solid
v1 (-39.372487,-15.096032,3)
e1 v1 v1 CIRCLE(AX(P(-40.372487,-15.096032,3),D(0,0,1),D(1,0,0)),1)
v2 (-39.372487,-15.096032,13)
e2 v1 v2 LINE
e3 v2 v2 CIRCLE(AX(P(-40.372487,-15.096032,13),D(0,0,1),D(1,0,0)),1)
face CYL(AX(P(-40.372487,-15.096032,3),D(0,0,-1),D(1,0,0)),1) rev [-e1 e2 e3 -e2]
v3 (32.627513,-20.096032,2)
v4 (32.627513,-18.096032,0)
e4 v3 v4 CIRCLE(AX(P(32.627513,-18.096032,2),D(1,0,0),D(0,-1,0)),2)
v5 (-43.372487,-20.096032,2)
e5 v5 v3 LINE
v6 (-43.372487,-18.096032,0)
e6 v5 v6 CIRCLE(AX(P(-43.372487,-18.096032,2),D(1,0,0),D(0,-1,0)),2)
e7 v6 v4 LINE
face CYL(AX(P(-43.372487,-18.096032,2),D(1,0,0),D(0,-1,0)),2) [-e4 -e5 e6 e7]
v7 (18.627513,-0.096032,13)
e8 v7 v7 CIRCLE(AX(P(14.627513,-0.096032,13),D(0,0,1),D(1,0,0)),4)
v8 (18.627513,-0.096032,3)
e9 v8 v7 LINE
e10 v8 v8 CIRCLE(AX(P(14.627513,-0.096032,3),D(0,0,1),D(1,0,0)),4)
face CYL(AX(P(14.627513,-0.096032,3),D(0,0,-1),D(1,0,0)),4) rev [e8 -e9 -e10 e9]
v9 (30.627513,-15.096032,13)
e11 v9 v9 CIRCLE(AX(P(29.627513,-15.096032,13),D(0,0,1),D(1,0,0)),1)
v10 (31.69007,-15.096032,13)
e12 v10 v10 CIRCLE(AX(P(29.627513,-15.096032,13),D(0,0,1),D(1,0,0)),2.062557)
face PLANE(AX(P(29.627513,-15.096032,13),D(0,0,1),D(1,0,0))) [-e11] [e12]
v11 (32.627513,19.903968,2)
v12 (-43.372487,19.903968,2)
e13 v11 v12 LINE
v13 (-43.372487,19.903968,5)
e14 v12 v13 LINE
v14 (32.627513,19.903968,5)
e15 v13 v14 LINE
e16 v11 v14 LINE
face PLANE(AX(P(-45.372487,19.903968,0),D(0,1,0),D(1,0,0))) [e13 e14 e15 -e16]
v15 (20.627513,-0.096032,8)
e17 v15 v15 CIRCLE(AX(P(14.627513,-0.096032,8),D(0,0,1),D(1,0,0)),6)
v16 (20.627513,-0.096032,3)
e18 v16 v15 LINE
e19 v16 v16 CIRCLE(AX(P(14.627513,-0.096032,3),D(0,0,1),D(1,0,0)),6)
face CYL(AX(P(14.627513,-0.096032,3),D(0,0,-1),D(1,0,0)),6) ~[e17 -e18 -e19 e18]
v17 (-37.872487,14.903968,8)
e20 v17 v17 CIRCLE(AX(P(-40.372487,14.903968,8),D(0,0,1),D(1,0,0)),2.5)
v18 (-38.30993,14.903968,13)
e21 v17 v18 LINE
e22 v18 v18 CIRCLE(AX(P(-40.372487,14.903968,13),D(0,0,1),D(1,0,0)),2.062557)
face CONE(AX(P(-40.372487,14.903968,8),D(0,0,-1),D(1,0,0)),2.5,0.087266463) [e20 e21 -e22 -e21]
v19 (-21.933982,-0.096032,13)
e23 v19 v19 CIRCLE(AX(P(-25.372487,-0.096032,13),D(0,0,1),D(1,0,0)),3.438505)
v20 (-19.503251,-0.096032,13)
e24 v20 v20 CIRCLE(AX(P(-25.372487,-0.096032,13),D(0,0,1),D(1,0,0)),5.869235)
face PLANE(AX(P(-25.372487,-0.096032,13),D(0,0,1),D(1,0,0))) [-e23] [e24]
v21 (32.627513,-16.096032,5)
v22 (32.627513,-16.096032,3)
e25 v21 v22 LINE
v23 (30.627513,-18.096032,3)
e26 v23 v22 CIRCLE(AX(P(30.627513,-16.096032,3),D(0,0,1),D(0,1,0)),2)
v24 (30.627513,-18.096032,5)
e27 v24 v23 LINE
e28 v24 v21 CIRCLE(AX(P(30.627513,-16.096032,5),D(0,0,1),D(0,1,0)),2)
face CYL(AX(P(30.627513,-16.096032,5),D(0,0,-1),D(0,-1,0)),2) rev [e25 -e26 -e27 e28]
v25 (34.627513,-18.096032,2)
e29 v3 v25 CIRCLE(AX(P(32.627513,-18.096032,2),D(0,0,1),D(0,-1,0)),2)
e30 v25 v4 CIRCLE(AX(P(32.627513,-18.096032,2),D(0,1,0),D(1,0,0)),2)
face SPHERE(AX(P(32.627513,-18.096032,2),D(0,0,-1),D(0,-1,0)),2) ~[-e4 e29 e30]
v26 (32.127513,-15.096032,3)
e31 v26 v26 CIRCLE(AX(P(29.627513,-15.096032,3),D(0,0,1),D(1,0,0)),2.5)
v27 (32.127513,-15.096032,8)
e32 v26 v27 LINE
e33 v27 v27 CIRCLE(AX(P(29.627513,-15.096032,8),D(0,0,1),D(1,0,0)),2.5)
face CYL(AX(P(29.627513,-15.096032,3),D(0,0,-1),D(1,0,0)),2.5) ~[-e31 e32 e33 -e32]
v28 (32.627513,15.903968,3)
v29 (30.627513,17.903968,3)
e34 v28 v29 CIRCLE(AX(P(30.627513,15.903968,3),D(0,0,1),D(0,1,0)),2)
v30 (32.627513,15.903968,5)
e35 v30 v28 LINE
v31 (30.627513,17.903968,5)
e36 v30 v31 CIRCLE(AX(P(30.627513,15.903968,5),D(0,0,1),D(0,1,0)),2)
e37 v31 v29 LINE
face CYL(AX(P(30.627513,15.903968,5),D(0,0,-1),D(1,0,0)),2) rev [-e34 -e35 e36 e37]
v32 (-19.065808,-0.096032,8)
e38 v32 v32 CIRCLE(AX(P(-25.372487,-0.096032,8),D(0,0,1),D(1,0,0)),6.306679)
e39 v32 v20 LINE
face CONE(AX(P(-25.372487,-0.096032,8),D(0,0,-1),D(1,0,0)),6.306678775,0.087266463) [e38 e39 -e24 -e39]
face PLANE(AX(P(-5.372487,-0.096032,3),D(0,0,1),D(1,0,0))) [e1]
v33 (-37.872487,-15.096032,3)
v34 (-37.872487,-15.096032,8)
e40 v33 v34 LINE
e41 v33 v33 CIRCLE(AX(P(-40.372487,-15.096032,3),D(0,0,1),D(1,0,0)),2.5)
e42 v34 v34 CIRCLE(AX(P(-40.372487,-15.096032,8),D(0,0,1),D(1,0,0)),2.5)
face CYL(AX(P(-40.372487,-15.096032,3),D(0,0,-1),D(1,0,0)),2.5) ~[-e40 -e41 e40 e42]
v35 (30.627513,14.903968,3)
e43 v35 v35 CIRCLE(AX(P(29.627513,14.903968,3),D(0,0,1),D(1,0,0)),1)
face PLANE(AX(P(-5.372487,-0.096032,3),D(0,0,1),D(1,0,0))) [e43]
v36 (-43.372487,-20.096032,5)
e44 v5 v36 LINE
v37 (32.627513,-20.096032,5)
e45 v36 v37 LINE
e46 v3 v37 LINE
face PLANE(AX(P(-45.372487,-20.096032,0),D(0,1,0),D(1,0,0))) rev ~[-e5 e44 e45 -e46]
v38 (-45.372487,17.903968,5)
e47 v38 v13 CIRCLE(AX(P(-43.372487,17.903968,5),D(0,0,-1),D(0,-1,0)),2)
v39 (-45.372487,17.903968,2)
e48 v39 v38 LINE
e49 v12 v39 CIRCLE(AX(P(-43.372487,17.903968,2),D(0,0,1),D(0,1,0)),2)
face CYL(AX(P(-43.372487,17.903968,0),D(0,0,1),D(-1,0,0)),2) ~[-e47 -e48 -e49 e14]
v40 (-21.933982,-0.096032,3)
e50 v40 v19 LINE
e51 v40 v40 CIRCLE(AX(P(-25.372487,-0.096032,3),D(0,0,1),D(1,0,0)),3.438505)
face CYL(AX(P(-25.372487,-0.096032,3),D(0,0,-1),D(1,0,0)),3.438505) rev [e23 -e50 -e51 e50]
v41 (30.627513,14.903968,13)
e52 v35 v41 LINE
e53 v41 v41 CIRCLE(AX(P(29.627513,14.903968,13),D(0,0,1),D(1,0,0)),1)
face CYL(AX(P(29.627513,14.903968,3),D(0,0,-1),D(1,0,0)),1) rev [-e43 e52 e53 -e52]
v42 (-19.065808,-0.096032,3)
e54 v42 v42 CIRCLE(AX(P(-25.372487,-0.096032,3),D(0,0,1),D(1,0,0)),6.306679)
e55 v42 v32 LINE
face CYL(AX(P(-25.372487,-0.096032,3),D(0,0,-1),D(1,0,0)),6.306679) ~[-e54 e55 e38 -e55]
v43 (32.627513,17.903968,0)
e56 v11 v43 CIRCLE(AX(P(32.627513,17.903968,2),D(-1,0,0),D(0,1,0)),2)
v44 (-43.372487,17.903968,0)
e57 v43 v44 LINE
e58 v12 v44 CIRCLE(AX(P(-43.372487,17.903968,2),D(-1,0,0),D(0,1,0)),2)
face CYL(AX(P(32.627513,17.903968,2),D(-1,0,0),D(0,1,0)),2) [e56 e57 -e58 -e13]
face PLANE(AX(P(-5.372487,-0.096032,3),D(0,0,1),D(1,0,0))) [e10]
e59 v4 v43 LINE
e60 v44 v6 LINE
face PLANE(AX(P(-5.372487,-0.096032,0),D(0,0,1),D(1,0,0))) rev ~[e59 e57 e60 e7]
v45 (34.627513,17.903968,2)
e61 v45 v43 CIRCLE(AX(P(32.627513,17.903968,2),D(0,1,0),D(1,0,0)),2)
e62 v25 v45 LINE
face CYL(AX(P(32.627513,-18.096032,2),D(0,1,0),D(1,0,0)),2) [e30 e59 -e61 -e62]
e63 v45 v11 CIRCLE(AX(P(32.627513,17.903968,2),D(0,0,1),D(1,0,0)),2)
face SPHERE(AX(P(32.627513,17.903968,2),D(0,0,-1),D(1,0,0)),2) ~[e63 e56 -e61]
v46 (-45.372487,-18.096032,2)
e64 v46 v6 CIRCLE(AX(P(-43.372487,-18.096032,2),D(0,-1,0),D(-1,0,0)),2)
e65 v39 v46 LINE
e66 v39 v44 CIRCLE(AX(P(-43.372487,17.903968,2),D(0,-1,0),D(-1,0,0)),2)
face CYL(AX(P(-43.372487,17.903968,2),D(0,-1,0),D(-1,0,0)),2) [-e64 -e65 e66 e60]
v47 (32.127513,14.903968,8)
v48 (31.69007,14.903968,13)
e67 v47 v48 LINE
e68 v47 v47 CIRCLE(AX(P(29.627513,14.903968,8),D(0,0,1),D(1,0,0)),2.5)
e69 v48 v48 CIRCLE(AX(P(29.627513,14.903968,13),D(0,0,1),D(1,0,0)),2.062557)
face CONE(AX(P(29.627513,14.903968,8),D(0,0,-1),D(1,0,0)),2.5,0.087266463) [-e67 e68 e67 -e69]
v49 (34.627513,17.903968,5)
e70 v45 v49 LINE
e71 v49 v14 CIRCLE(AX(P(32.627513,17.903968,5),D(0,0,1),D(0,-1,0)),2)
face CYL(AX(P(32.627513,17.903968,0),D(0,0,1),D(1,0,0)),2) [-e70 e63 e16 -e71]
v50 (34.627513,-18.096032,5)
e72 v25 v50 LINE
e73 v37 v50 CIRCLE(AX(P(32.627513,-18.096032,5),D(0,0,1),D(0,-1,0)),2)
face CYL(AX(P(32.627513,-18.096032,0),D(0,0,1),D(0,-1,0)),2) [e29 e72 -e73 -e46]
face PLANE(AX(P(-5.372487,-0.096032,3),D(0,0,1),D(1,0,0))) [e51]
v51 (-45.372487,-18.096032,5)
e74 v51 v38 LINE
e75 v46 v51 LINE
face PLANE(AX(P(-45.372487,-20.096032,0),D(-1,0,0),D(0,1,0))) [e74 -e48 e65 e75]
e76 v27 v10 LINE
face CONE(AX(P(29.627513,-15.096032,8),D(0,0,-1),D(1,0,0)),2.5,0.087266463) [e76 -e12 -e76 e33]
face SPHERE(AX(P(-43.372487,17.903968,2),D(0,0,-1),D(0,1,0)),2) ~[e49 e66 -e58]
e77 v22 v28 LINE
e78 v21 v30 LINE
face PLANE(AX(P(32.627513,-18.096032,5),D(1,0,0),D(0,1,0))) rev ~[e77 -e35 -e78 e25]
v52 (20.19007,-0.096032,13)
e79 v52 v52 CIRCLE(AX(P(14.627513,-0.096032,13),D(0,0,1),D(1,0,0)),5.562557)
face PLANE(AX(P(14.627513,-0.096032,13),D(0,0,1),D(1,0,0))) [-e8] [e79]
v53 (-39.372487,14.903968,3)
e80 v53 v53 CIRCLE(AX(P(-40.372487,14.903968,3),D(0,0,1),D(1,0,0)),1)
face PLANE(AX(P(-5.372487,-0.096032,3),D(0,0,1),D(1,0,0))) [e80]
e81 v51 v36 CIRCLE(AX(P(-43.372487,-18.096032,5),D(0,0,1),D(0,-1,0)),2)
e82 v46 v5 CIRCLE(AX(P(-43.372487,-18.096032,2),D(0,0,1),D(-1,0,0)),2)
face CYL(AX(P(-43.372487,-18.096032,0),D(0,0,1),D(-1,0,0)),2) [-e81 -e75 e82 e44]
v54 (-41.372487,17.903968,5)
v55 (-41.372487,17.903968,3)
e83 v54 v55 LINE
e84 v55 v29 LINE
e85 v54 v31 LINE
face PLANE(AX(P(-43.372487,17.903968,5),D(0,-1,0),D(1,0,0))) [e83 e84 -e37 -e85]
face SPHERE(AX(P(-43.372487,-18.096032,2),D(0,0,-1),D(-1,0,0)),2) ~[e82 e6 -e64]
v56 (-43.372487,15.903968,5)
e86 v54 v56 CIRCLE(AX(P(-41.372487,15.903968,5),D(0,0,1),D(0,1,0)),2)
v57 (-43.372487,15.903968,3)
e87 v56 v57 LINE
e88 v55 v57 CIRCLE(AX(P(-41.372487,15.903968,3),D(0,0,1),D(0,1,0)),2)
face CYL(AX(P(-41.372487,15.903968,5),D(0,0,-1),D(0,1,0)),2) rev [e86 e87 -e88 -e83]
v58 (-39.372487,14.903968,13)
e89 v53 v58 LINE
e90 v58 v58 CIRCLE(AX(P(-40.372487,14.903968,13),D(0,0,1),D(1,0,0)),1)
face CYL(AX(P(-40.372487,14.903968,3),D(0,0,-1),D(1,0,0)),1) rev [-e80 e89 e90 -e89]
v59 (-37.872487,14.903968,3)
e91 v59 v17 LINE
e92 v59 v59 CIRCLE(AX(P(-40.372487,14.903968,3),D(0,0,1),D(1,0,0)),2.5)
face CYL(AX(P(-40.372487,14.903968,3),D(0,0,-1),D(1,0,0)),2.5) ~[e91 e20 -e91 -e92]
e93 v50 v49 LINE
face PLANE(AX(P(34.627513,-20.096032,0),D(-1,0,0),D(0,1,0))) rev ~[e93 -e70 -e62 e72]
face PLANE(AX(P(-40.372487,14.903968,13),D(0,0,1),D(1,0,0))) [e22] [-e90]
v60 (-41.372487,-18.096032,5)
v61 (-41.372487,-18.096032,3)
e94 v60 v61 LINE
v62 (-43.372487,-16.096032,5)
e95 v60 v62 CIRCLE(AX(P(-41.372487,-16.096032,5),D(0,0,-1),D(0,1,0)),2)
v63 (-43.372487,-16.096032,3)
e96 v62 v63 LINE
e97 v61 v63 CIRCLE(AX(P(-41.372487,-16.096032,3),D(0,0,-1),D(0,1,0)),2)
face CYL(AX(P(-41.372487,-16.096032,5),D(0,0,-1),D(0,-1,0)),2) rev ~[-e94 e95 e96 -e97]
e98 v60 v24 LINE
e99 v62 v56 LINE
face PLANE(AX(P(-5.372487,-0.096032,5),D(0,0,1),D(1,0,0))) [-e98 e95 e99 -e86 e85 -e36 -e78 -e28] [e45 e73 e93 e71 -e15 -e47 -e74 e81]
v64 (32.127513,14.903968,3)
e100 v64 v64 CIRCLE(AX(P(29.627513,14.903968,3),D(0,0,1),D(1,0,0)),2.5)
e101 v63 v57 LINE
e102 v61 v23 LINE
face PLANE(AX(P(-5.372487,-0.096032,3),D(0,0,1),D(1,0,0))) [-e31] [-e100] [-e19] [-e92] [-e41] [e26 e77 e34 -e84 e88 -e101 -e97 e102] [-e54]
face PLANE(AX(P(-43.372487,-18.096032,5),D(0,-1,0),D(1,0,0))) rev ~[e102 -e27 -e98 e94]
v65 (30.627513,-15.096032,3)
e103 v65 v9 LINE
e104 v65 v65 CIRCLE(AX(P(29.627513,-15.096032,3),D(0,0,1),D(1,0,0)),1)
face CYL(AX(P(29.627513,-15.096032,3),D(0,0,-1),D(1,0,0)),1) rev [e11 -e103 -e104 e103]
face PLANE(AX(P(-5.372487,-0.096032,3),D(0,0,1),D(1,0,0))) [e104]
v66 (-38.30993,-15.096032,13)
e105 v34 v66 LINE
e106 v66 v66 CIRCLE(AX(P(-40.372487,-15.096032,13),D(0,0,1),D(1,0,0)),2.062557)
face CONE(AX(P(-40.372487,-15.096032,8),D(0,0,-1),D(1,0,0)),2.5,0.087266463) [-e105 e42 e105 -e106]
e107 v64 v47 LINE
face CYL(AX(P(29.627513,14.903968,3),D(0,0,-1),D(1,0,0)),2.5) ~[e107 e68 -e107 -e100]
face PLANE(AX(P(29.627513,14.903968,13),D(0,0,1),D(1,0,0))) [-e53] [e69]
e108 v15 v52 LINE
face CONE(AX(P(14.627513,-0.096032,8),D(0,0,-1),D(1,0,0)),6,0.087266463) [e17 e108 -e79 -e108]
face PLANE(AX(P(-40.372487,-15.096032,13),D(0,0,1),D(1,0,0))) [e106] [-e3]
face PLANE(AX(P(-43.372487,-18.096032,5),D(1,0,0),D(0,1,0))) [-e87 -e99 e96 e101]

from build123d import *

# Parameters (mm, degrees)
SKETCH_1_W             = 80
SKETCH_1_H             = 40
EXTRUDE_1_DEPTH        = 5
FILLET_1_R             = 2
SKETCH_2_W             = 76
SKETCH_2_H             = 36
CUT_EXTRUDE_1_DEPTH    = 2
FILLET_2_R             = 2
FILLET_3_R             = 2
SKETCH_3_R             = 2.5
SKETCH_3_R_2           = 1
SKETCH_3_R_3           = 6
SKETCH_3_R_4           = 4
EXTRUDE_2_DEPTH        = 10
CHAMFER_1_SIZE         = 5
CHAMFER_1_SIZE2        = 0.437443318
SKETCH_4_R             = 6.306678775
SKETCH_4_R_2           = 3.438504878
EXTRUDE_3_DEPTH        = 10
CHAMFER_2_SIZE         = 5
CHAMFER_2_SIZE2        = 0.437443318
CHAMFER_4_SIZE         = 5
CHAMFER_4_SIZE2        = 0.437443318
CHAMFER_4_PART_2_SIZE  = 5
CHAMFER_4_PART_2_SIZE2 = 0.437443318
CHAMFER_4_PART_3_SIZE  = 5
CHAMFER_4_PART_3_SIZE2 = 0.437443318
CHAMFER_4_PART_4_SIZE  = 5
CHAMFER_4_PART_4_SIZE2 = 0.437443318


with BuildPart() as part:
    # 草图1 → 拉伸1 (new body)
    with BuildSketch(Plane.XY):
        with Locations((-5.372486772, -0.096031746)):
            Rectangle(SKETCH_1_W, SKETCH_1_H)
    extrude(amount=EXTRUDE_1_DEPTH)

    # 圆角1
    fillet_1_edges = [part.edges().sort_by_distance(p)[0] for p in [
        (-45.372486772, 19.903968254, 2.5),
        (34.627513228, 19.903968254, 2.5),
        (34.627513228, -20.096031746, 2.5),
        (-45.372486772, -20.096031746, 2.5),
    ]]
    fillet(fillet_1_edges, radius=FILLET_1_R)

    # 草图2 → 切除-拉伸1 (cut)
    with BuildSketch(Plane.XY.offset(5)):
        with Locations((-5.372486772, -0.096031746)):
            Rectangle(SKETCH_2_W, SKETCH_2_H)
    extrude(amount=-CUT_EXTRUDE_1_DEPTH, mode=Mode.SUBTRACT)

    # 圆角2
    fillet_2_edges = [part.edges().sort_by_distance(p)[0] for p in [
        (-43.372486772, -18.096031746, 4),
        (-43.372486772, 17.903968254, 4),
        (32.627513228, 17.903968254, 4),
        (32.627513228, -18.096031746, 4),
    ]]
    fillet(fillet_2_edges, radius=FILLET_2_R)

    # 圆角3
    fillet_3_edges = [part.edges().sort_by_distance(p)[0] for p in [
        (-5.372486772, -20.096031746, 0),
        (-45.372486772, -0.096031746, 0),
        (-5.372486772, 19.903968254, 0),
        (34.627513228, -0.096031746, 0),
        (-44.786700335, 19.318181816, 0),
        (34.04172679, 19.318181816, 0),
        (34.04172679, -19.510245308, 0),
        (-44.786700335, -19.510245308, 0),
    ]]
    fillet(fillet_3_edges, radius=FILLET_3_R)

    # 草图3 → 拉伸2 (add)
    with BuildSketch(Plane.XY.offset(3)):
        with Locations((-40.372486772, 14.903968254)):
            Circle(SKETCH_3_R)
        with Locations((-40.372486772, 14.903968254)):
            Circle(SKETCH_3_R_2, mode=Mode.SUBTRACT)
        with Locations((29.627513228, 14.903968254)):
            Circle(SKETCH_3_R)
        with Locations((29.627513228, 14.903968254)):
            Circle(SKETCH_3_R_2, mode=Mode.SUBTRACT)
        with Locations((29.627513228, -15.096031746)):
            Circle(SKETCH_3_R)
        with Locations((29.627513228, -15.096031746)):
            Circle(SKETCH_3_R_2, mode=Mode.SUBTRACT)
        with Locations((-40.372486772, -15.096031746)):
            Circle(SKETCH_3_R)
        with Locations((-40.372486772, -15.096031746)):
            Circle(SKETCH_3_R_2, mode=Mode.SUBTRACT)
        with Locations((14.627513228, -0.096031746)):
            Circle(SKETCH_3_R_3)
        with Locations((14.627513228, -0.096031746)):
            Circle(SKETCH_3_R_4, mode=Mode.SUBTRACT)
    extrude(amount=EXTRUDE_2_DEPTH)

    # 倒角1
    chamfer_1_edges = [part.edges().sort_by_distance(p)[0] for p in [
        (8.627513228, -0.096031746, 13),
    ]]
    chamfer_1_side = [part.faces().sort_by_distance(p)[0] for p in [
        (8.627513228, -0.096031746, 8),
    ]]
    chamfer(chamfer_1_edges, length=CHAMFER_1_SIZE, length2=CHAMFER_1_SIZE2, reference=chamfer_1_side[0])

    # 草图4 → 拉伸3 (add)
    with BuildSketch(Plane.XY.offset(3)):
        with Locations((-25.372486772, -0.096031746)):
            Circle(SKETCH_4_R)
        with Locations((-25.372486772, -0.096031746)):
            Circle(SKETCH_4_R_2, mode=Mode.SUBTRACT)
    extrude(amount=EXTRUDE_3_DEPTH)

    # 倒角2
    chamfer_2_edges = [part.edges().sort_by_distance(p)[0] for p in [
        (-31.679165547, -0.096031746, 13),
    ]]
    chamfer_2_side = [part.faces().sort_by_distance(p)[0] for p in [
        (-31.679165547, -0.096031746, 8),
    ]]
    chamfer(chamfer_2_edges, length=CHAMFER_2_SIZE, length2=CHAMFER_2_SIZE2, reference=chamfer_2_side[0])

    # 倒角4
    chamfer_4_edges = [part.edges().sort_by_distance(p)[0] for p in [
        (-42.872486772, 14.903968254, 13),
    ]]
    chamfer_4_side = [part.faces().sort_by_distance(p)[0] for p in [
        (-42.872486772, 14.903968254, 8),
    ]]
    chamfer(chamfer_4_edges, length=CHAMFER_4_SIZE, length2=CHAMFER_4_SIZE2, reference=chamfer_4_side[0])

    # 倒角4 part 2
    chamfer_4_part_2_edges = [part.edges().sort_by_distance(p)[0] for p in [
        (27.127513228, 14.903968254, 13),
    ]]
    chamfer_4_part_2_side = [part.faces().sort_by_distance(p)[0] for p in [
        (27.127513228, 14.903968254, 8),
    ]]
    chamfer(chamfer_4_part_2_edges, length=CHAMFER_4_PART_2_SIZE, length2=CHAMFER_4_PART_2_SIZE2, reference=chamfer_4_part_2_side[0])

    # 倒角4 part 3
    chamfer_4_part_3_edges = [part.edges().sort_by_distance(p)[0] for p in [
        (27.127513228, -15.096031746, 13),
    ]]
    chamfer_4_part_3_side = [part.faces().sort_by_distance(p)[0] for p in [
        (27.127513228, -15.096031746, 8),
    ]]
    chamfer(chamfer_4_part_3_edges, length=CHAMFER_4_PART_3_SIZE, length2=CHAMFER_4_PART_3_SIZE2, reference=chamfer_4_part_3_side[0])

    # 倒角4 part 4
    chamfer_4_part_4_edges = [part.edges().sort_by_distance(p)[0] for p in [
        (-42.872486772, -15.096031746, 13),
    ]]
    chamfer_4_part_4_side = [part.faces().sort_by_distance(p)[0] for p in [
        (-42.872486772, -15.096031746, 8),
    ]]
    chamfer(chamfer_4_part_4_edges, length=CHAMFER_4_PART_4_SIZE, length2=CHAMFER_4_PART_4_SIZE2, reference=chamfer_4_part_4_side[0])


solid = part.part
